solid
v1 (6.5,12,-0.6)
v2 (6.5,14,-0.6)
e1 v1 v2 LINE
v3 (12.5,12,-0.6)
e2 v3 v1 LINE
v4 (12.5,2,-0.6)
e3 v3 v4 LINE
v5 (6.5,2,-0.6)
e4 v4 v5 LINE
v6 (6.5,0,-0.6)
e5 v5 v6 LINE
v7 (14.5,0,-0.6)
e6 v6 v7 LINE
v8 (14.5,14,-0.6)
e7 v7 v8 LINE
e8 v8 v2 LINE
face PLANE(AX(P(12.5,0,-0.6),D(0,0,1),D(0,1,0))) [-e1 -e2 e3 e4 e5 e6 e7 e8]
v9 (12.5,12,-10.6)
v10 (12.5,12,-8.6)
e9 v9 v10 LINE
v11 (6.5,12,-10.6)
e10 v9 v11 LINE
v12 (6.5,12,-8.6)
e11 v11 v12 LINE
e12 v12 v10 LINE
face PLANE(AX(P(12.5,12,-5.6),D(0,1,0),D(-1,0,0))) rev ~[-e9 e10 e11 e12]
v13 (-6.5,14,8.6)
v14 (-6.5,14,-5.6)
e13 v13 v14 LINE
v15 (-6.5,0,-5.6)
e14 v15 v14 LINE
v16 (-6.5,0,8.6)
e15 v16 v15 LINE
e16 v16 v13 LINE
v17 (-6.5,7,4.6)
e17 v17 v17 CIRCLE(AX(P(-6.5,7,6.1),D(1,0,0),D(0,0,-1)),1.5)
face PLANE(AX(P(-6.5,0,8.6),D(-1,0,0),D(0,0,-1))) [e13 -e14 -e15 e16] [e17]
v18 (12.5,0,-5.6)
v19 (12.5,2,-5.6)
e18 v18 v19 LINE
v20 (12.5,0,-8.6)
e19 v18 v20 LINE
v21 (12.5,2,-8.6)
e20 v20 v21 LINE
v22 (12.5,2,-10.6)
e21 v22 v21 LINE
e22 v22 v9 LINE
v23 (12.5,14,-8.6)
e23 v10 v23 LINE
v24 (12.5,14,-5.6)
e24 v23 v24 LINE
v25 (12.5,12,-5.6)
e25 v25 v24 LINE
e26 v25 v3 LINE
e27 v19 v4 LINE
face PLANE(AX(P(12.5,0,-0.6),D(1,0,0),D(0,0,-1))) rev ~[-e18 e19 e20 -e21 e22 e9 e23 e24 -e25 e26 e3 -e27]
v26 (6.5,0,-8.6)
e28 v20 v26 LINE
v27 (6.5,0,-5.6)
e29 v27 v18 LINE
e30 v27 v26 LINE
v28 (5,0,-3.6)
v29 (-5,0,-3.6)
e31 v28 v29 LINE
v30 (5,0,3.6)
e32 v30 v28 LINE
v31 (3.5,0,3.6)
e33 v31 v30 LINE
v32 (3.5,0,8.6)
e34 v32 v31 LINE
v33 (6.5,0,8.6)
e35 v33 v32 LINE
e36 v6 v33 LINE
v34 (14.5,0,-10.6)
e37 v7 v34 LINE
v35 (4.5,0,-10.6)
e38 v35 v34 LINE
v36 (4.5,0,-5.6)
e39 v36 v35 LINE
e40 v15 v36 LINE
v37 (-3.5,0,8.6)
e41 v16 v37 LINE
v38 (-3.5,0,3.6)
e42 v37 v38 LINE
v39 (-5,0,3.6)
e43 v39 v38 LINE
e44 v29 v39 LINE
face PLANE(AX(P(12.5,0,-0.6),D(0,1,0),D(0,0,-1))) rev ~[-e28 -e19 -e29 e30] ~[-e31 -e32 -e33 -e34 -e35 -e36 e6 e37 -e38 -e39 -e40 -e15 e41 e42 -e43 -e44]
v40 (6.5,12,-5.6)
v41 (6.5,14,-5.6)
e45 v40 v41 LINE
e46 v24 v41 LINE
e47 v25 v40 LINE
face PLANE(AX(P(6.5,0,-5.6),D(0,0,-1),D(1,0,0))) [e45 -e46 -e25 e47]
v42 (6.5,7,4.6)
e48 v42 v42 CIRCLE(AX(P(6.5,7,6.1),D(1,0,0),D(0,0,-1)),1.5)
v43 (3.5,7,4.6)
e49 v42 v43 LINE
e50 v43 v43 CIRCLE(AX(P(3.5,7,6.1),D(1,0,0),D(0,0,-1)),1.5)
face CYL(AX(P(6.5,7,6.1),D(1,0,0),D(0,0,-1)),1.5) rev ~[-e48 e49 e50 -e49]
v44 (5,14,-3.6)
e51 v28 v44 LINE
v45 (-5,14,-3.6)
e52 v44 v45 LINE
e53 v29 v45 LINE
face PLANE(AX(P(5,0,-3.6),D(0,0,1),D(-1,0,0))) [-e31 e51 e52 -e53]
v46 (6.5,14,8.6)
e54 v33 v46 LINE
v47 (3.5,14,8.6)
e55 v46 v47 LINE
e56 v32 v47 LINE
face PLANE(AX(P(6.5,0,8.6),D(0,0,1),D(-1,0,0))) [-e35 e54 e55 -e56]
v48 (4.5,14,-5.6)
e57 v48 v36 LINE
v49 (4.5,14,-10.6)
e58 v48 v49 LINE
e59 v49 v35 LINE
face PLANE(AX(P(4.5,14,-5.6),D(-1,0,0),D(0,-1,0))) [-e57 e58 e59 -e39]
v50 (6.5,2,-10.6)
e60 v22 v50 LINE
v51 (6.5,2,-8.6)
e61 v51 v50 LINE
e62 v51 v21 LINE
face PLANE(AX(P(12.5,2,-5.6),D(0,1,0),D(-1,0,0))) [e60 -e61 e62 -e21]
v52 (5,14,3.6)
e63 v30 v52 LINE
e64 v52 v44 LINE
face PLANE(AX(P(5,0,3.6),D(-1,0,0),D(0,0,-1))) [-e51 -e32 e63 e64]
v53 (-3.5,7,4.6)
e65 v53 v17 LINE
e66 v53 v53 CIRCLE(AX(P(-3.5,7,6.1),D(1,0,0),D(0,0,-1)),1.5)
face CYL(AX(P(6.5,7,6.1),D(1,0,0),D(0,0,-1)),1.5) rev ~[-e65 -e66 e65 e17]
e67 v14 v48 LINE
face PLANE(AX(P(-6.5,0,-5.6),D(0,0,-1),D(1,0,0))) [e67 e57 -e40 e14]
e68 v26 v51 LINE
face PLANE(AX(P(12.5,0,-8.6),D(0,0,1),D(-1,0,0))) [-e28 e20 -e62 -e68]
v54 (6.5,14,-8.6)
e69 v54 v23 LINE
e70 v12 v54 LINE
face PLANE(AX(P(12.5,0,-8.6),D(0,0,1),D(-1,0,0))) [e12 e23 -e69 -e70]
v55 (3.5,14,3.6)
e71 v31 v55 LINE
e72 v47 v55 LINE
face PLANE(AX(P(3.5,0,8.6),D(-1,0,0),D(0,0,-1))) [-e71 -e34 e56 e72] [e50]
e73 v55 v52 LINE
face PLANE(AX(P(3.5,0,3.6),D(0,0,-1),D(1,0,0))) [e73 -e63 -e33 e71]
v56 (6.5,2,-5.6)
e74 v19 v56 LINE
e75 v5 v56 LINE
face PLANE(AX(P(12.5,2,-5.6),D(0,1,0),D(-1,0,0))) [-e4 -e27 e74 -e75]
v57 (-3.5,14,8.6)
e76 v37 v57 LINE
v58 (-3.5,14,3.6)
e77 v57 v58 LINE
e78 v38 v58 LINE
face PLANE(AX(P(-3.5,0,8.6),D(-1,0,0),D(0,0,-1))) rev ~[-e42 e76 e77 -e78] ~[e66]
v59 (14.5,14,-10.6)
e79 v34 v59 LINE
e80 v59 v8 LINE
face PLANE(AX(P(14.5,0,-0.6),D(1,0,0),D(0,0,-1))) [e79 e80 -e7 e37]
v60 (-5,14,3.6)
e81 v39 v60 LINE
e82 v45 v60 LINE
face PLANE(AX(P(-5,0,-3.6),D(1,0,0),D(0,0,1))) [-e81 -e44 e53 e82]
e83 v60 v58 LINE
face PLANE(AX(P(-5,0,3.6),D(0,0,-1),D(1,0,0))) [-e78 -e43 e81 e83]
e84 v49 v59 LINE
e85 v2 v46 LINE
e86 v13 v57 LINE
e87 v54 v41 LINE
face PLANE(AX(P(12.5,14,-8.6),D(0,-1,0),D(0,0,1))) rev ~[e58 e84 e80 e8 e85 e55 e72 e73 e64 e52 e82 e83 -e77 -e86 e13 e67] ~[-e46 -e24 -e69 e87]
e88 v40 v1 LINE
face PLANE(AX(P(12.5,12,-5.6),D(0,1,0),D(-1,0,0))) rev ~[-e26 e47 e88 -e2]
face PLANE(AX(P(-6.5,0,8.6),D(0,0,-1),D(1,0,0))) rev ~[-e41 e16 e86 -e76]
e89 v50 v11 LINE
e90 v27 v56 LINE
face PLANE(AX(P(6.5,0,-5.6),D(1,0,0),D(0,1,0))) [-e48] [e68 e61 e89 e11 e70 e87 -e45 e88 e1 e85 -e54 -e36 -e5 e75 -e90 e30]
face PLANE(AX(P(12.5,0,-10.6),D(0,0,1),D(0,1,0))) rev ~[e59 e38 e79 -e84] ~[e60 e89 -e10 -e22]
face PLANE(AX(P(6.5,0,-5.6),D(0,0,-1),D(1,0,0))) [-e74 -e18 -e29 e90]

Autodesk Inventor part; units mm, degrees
ref_plane "YZ Plane" through (0, 0, 0) normal (1, 0, 0) x (0, 1, 0)
ref_plane "XZ Plane" through (0, 0, 0) normal (0, 1, 0) x (-1, 0, 0)
ref_plane "XY Plane" through (0, 0, 0) normal (0, 0, 1) x (1, 0, 0)
sketch "Sketch1" plane through (0, 0, 0) normal (0, 1, 0) x (-1, 0, 0)
  line L0 (5, 3.6) -> (-5, 3.6)
  line L1 (-5, 3.6) -> (-5, -3.6)
  line L2 (-5, -3.6) -> (5, -3.6)
  line L3 (5, -3.6) -> (5, 3.6)
  line L4 (6.5, 8.6) -> (6.5, -5.6)
  line L5 (6.5, -5.6) -> (-6.5, -5.6)
  line L6 (-6.5, -5.6) -> (-6.5, 8.6)
  line L7 (-6.5, 8.6) -> (-3.5, 8.6)
  line L8 (6.5, 8.6) -> (3.5, 8.6)
  line L9 (3.5, 8.6) -> (3.5, 3.6)
  line L10 (-3.5, 8.6) -> (-3.5, 3.6)
  point P0 (0, 0)
  point P1 (5, 0)
  point P2 (0, -3.6)
  point P3 (-5, 8.6)
  point P4 (5, 8.6)
  dimension "d0" = 7.2
  dimension "d1" = 10
  dimension "d2" = 1.5
  dimension "d3" = 1.5
  dimension "d4" = 5
  dimension "d5" = 1.5
  dimension "d6" = 2
extrude "Extrusion1" add sketch "Sketch1" along normal blind 14 contours L0 L9 L8 L4 L5 L6 L7 L10 L1 L2 L3
sketch "Sketch2" plane through (6.5, 0, 8.6) normal (1, 0, 0) x (0, 0, -1)
  circle A0 centre (2.5, 7) radius 1.5
  line L0 (0, 0) -> (0, 14) projected
  point P0 (8.6, 0)
  point P1 (0, 7)
  dimension "d9" = 2.5
  dimension "d10" = 3
extrude "Extrusion2" cut sketch "Sketch2" against normal blind 14.75
sketch "Sketch3" plane through (6.5, 0, -5.6) normal (0, 0, -1) x (-1, 0, 0)
  line L0 (3, 0) -> (0, 0) projected
  line L1 (0, 0) -> (-6, 0)
  line L2 (-6, 0) -> (-6, 2)
  line L3 (-6, 2) -> (0, 2)
  line L4 (0, 2) -> (0, 0)
  line L5 (3, 14) -> (0, 14) projected
  line L6 (0, 14) -> (-6, 14)
  line L7 (-6, 14) -> (-6, 12)
  line L8 (-6, 12) -> (0, 12)
  line L9 (0, 12) -> (0, 14)
  line L10 (0, 0) -> (0, 14) projected
  point P0 (6.5, 0)
  point P1 (-6, 1)
  point P2 (-6, 13)
  dimension "d13" = 2
  dimension "d14" = 2
  dimension "d15" = 6
extrude "Extrusion3" add sketch "Sketch3" along normal mid plane 10
sketch "Sketch4" plane through (-6.5, 0, -5.6) normal (0, 0, -1) x (-1, 0, 0)
  line L0 (-13, 0) -> (-13, 14) projected
  line L1 (-10, 0) -> (-13, 0) projected
  line L2 (-13, 14) -> (-11, 14)
  line L3 (-11, 14) -> (-11, 0)
  line L4 (-11, 0) -> (-13, 0)
  line L5 (-13, 0) -> (-13, 14)
  point P0 (-6.5, 0)
  dimension "d18" = 2
extrude "Extrusion4" add sketch "Sketch4" along normal blind 5
sketch "Sketch5" plane through (0, 0, 0) normal (0, -1, 0) x (1, 0, 0)
  line L0 (12.5, -0.6) -> (12.5, -10.6) projected
  line L1 (6.5, -0.6) -> (6.5, -10.6) projected
  line L2 (12.5, -8.6) -> (6.5, -8.6)
  line L3 (6.5, -8.6) -> (6.5, -5.6)
  line L4 (6.5, -5.6) -> (12.5, -5.6)
  line L5 (12.5, -5.6) -> (12.5, -8.6)
  point P0 (0, 0)
  point P1 (9.5, -5.6)
  point P2 (4.5, -5.6)
  dimension "d21" = 3
extrude "Extrusion5" cut sketch "Sketch5" against normal blind 23.5
sketch "Sketch6" plane through (12.5, 0, -0.6) normal (1, 0, 0) x (0, 0, -1)
  line L0 (0, 0) -> (0, 2) projected
  line L1 (8, 14) -> (10, 14) projected
  line L2 (0, 0) -> (10, 0)
  line L3 (10, 0) -> (10, 14)
  line L4 (10, 14) -> (0, 14)
  line L5 (0, 14) -> (0, 0)
  point P0 (-0.6, 0)
extrude "Extrusion6" add sketch "Sketch6" along normal blind 2
properties part number "Frame_Clamp"
